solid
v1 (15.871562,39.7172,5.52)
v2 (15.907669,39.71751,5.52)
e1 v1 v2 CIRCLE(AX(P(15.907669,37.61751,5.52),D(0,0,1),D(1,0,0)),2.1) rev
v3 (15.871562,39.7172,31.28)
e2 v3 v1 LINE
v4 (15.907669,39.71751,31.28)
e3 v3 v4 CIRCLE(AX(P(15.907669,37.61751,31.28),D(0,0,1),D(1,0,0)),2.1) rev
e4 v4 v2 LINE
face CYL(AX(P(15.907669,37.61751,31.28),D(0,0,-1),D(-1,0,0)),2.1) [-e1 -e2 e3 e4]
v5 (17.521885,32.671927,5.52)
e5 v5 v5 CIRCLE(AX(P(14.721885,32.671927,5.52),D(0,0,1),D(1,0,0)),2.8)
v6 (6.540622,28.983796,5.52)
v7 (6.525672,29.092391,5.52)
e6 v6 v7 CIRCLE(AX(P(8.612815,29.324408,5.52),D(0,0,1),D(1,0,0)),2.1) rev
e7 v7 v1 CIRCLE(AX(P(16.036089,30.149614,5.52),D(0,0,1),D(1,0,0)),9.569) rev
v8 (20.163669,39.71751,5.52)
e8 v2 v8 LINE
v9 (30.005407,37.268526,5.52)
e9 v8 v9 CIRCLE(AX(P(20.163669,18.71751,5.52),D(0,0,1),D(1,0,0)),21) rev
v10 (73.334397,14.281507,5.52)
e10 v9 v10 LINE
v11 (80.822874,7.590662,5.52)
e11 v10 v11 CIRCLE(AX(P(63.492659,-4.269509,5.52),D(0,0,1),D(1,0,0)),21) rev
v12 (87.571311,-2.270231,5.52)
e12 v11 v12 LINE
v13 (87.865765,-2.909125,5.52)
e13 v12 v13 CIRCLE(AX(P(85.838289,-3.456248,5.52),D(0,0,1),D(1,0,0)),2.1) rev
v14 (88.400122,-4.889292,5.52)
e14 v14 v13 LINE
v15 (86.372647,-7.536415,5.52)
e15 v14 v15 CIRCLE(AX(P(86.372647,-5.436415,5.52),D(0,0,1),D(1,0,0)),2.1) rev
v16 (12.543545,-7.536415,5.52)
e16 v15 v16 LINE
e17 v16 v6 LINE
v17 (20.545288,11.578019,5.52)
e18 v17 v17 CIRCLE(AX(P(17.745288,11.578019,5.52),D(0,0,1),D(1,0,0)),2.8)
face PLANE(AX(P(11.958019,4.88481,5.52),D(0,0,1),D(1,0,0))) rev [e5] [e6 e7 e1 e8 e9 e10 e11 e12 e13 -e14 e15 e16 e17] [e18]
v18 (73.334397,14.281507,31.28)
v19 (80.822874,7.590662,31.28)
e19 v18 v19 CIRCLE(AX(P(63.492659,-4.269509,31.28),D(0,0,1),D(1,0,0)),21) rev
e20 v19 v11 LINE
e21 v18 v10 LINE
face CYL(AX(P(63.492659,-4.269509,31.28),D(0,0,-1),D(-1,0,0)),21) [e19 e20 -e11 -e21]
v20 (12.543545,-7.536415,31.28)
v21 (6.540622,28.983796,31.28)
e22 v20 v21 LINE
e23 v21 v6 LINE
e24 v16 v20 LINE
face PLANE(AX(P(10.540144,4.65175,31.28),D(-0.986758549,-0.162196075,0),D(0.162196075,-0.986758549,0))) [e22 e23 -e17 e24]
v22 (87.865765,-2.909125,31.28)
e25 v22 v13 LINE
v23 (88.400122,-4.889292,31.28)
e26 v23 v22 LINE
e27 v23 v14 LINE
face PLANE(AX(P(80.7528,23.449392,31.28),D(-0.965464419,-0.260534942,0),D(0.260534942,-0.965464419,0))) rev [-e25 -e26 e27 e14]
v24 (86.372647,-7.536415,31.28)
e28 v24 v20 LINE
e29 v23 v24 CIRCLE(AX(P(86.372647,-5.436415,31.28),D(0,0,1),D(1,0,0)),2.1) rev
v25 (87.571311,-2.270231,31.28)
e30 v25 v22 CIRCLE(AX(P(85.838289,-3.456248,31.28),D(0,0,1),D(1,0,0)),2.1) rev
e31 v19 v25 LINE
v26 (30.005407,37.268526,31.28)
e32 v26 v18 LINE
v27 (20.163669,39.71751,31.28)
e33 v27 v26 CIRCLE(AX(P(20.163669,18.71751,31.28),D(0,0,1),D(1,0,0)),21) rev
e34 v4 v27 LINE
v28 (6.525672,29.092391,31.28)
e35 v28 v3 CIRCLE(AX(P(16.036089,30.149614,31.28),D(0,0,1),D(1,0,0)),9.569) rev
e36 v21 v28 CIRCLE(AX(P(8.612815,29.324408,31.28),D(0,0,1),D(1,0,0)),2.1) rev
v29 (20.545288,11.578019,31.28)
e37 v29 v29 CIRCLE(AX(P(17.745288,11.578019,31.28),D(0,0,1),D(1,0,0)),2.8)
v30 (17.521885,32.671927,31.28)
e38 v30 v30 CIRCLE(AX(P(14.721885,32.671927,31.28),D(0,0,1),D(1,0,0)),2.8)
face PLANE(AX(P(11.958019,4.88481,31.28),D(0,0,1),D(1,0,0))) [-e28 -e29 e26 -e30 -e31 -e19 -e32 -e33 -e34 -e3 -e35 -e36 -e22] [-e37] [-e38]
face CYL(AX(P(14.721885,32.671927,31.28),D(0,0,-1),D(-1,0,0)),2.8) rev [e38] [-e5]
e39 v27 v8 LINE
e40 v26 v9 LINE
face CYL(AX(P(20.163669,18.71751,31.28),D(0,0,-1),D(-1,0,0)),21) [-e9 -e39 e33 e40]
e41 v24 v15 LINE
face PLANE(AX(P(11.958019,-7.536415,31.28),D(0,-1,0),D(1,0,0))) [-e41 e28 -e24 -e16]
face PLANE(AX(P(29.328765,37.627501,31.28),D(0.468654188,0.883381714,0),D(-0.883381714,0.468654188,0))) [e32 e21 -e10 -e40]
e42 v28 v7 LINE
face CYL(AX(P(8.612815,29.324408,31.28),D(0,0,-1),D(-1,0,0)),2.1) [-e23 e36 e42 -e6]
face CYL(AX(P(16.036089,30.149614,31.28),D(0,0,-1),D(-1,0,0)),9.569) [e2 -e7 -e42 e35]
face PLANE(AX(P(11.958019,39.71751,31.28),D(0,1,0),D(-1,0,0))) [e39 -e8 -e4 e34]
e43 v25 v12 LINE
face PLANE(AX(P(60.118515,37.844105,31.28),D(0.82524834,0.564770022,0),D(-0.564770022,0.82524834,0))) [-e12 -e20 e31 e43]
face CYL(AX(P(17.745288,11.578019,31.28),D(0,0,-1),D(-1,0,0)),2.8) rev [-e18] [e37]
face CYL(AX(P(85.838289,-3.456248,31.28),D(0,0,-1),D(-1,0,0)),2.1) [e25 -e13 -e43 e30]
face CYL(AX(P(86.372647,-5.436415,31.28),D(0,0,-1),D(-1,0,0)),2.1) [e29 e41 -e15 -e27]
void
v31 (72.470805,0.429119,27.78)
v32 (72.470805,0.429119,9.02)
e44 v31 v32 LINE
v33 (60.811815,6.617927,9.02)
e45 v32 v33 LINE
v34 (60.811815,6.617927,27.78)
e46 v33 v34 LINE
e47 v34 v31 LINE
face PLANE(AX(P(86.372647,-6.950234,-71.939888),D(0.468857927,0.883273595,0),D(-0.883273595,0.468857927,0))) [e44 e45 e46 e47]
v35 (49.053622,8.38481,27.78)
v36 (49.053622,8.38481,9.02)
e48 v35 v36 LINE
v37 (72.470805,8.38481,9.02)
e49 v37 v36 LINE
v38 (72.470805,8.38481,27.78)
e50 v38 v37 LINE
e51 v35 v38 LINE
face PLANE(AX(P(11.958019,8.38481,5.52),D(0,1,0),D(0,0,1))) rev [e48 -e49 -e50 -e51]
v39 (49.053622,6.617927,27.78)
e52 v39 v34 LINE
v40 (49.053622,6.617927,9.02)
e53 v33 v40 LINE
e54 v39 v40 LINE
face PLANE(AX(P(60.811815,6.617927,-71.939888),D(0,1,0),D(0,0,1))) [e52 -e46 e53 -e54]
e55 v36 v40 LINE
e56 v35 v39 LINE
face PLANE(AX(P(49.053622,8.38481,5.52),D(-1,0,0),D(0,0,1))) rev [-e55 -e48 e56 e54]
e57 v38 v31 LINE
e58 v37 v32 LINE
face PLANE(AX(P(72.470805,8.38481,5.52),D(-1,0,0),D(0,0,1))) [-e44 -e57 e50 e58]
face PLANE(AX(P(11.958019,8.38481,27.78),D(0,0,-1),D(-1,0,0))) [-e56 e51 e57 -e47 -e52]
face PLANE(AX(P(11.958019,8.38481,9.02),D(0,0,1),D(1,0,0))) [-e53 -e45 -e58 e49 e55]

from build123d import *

# Parameters (mm, degrees)
SKETCH1_R           = 4
SKETCH1_W           = 0.443674292
SKETCH1_H           = 0.606573965
SKETCH1_W_2         = 0.441272096
SKETCH1_W_3         = 0.539332563
SKETCH1_W_4         = 0.547504268
SKETCH1_W_5         = 0.686423262
SKETCH1_W_6         = 0.547504269
SKETCH1_W_7         = 0.607984695
SKETCH1_W_8         = 0.472854348
SKETCH1_W_9         = 0.501804613
SKETCH1_W_10        = 0.559705146
SKETCH1_W_11        = 0.321886919
SKETCH1_W_12        = 0.335329484
BOSS_EXTRUDE1_DEPTH = 36.8
SKETCH2_W           = 33.453118401
SKETCH2_H           = 26.8
CUT_EXTRUDE1_DEPTH  = 45
SCALE1_SCALE        = 0.7
BOSS_EXTRUDE2_DEPTH = 25.76


with BuildPart() as part:
    # Sketch1 → Boss-Extrude1 (new body)
    # profile 1 of 15: a face of its own
    with BuildSketch(Plane.XY):
        with BuildLine():
            ThreePointArc((-2.487228681, 2.47588145), (-1.643417841, 0.836304882), (0, 0))
            Line((0, 0), (42.98, -6.863043607))
            ThreePointArc((42.98, -6.863043607), (45.517837276, -6.94186018), (47.993719609, -6.378977628))
            ThreePointArc((47.993719609, -6.378977628), (70.945368499, -4.618817082), (91.44683801, -15.086199743))
            ThreePointArc((91.44683801, -15.086199743), (93.970071754, -16.788756754), (96.888617808, -17.653336321))
            Line((96.888617808, -17.653336321), (96.888617808, -17.138033163))
            Line((96.888617808, -17.138033163), (97.372163904, -17.138033163))
            Line((97.372163904, -17.138033163), (97.653484824, -17.138033163))
            Line((97.653484824, -17.138033163), (98.160101984, -17.138033163))
            Line((98.160101984, -17.138033163), (98.378364418, -17.138033163))
            Line((98.378364418, -17.138033163), (98.82203871, -17.138033163))
            Line((98.82203871, -17.138033163), (99.050846464, -17.138033163))
            Line((99.050846464, -17.138033163), (99.49211856, -17.138033163))
            Line((99.49211856, -17.138033163), (99.769956547, -17.138033163))
            Line((99.769956547, -17.138033163), (100.30928911, -17.138033163))
            Line((100.30928911, -17.138033163), (100.521753453, -17.138033163))
            Line((100.521753453, -17.138033163), (101.069257721, -17.138033163))
            Line((101.069257721, -17.138033163), (101.191833303, -17.138033163))
            Line((101.191833303, -17.138033163), (101.878256565, -17.138033163))
            Line((101.878256565, -17.138033163), (102.04986238, -17.138033163))
            Line((102.04986238, -17.138033163), (102.597366649, -17.138033163))
            Line((102.597366649, -17.138033163), (102.713161539, -17.138033163))
            Line((102.713161539, -17.138033163), (103.321146234, -17.138033163))
            Line((103.321146234, -17.138033163), (103.504651325, -17.138033163))
            Line((103.504651325, -17.138033163), (103.977505673, -17.138033163))
            Line((103.977505673, -17.138033163), (104.180157536, -17.138033163))
            Line((104.180157536, -17.138033163), (104.681962149, -17.138033163))
            Line((104.681962149, -17.138033163), (104.855663746, -17.138033163))
            Line((104.855663746, -17.138033163), (105.415368892, -17.138033163))
            Line((105.415368892, -17.138033163), (105.543243667, -17.138033163))
            Line((105.543243667, -17.138033163), (105.878573151, -17.138033163))
            Line((105.878573151, -17.138033163), (105.984724127, -17.138033163))
            Line((105.984724127, -17.138033163), (106.306611046, -17.138033163))
            Line((106.306611046, -17.138033163), (106.306611046, -17.744607128))
            ThreePointArc((106.306611046, -17.744607128), (108.688292645, -16.568776189), (109.203004303, -13.963002303))
            Line((109.203004303, -13.963002303), (108.439636924, -11.134191555))
            ThreePointArc((108.439636924, -11.134191555), (108.267803288, -10.660099415), (108.018988687, -10.221486316))
            Line((108.018988687, -10.221486316), (98.378364418, 3.865502848))
            ThreePointArc((98.378364418, 3.865502848), (93.609207326, 9.293547423), (87.68053985, 13.423853614))
            Line((87.68053985, 13.423853614), (25.781983162, 46.262452549))
            ThreePointArc((25.781983162, 46.262452549), (18.966543391, 48.873228311), (11.72235753, 49.761001134))
            Line((11.72235753, 49.761001134), (5.64235753, 49.761001134))
            ThreePointArc((5.64235753, 49.761001134), (5.616565931, 49.760890264), (5.590776238, 49.760557663))
            ThreePointArc((5.590776238, 49.760557663), (1.019670875, 48.889839007), (-2.994529703, 46.536256857))
            ThreePointArc((-2.994529703, 46.536256857), (-6.872179638, 41.155169878), (-7.760495561, 34.582258733))
            ThreePointArc((-7.760495561, 34.582258733), (-7.750828994, 34.504551611), (-7.739137581, 34.427123255))
            Line((-7.739137581, 34.427123255), (-2.487228681, 2.47588145))
        make_face()
        with Locations((8.267526818, 9.561727541)):
            Circle(SKETCH1_R, mode=Mode.SUBTRACT)
        with Locations((3.948380067, 39.69588145)):
            Circle(SKETCH1_R, mode=Mode.SUBTRACT)
    # profile 2 of 15: a face of its own
    with BuildSketch(Plane.XY):
        with BuildLine():
            Line((96.888617808, -17.138033163), (96.888617808, -17.653336321))
            ThreePointArc((96.888617808, -17.653336321), (97.130063387, -17.683196177), (97.372163904, -17.707173622))
            Line((97.372163904, -17.707173622), (97.372163904, -17.138033163))
            Line((97.372163904, -17.138033163), (96.888617808, -17.138033163))
        make_face()
    # profile 3 of 15: a face of its own
    with BuildSketch(Plane.XY):
        with BuildLine():
            Line((97.653484824, -17.138033163), (97.653484824, -17.727590841))
            ThreePointArc((97.653484824, -17.727590841), (97.906687423, -17.739163166), (98.160101984, -17.744314442))
            Line((98.160101984, -17.744314442), (98.160101984, -17.138033163))
            Line((98.160101984, -17.138033163), (97.653484824, -17.138033163))
        make_face()
    # profile 4 of 15: a face of its own
    with BuildSketch(Plane.XY):
        with Locations((98.600201564, -17.441320146)):
            Rectangle(SKETCH1_W, SKETCH1_H)
    # profile 5 of 15: a face of its own
    with BuildSketch(Plane.XY):
        with Locations((99.271482512, -17.441320146)):
            Rectangle(SKETCH1_W_2, SKETCH1_H)
    # profile 6 of 15: a face of its own
    with BuildSketch(Plane.XY):
        with Locations((100.039622829, -17.441320146)):
            Rectangle(SKETCH1_W_3, SKETCH1_H)
    # profile 7 of 15: a face of its own
    with BuildSketch(Plane.XY):
        with Locations((100.795505587, -17.441320146)):
            Rectangle(SKETCH1_W_4, SKETCH1_H)
    # profile 8 of 15: a face of its own
    with BuildSketch(Plane.XY):
        with Locations((101.535044934, -17.441320146)):
            Rectangle(SKETCH1_W_5, SKETCH1_H)
    # profile 9 of 15: a face of its own
    with BuildSketch(Plane.XY):
        with Locations((102.323614515, -17.441320146)):
            Rectangle(SKETCH1_W_6, SKETCH1_H)
    # profile 10 of 15: a face of its own
    with BuildSketch(Plane.XY):
        with Locations((103.017153887, -17.441320146)):
            Rectangle(SKETCH1_W_7, SKETCH1_H)
    # profile 11 of 15: a face of its own
    with BuildSketch(Plane.XY):
        with Locations((103.741078499, -17.441320146)):
            Rectangle(SKETCH1_W_8, SKETCH1_H)
    # profile 12 of 15: a face of its own
    with BuildSketch(Plane.XY):
        with Locations((104.431059843, -17.441320146)):
            Rectangle(SKETCH1_W_9, SKETCH1_H)
    # profile 13 of 15: a face of its own
    with BuildSketch(Plane.XY):
        with Locations((105.135516319, -17.441320146)):
            Rectangle(SKETCH1_W_10, SKETCH1_H)
    # profile 14 of 15: a face of its own
    with BuildSketch(Plane.XY):
        with Locations((106.145667586, -17.441320146)):
            Rectangle(SKETCH1_W_11, SKETCH1_H)
    # profile 15 of 15: a face of its own
    with BuildSketch(Plane.XY):
        with Locations((105.710908409, -17.441320146)):
            Rectangle(SKETCH1_W_12, SKETCH1_H)
    extrude(amount=BOSS_EXTRUDE1_DEPTH)

    # Sketch2 → Cut-Extrude1 (cut)
    with BuildSketch(Plane(origin=(0, -40, 0), x_dir=(1, 0, 0), z_dir=(0, 1, 0))):
        with Locations((69.72027881, -18.4)):
            Rectangle(SKETCH2_W, SKETCH2_H)
    extrude(amount=CUT_EXTRUDE1_DEPTH, mode=Mode.SUBTRACT)


with BuildPart() as part_1:
    # Scale1: scaled about (39.860062577, 16.282698439, 18.4)
    add(part.part.scale(SCALE1_SCALE).moved(Location((11.958018773, 4.884809532, 5.52))))

    # Sketch3 → Boss-Extrude2 (add)
    with BuildSketch(Plane.XY.offset(31.28)):
        Polygon((10.216958697, 6.617926547), (12.543544787, -7.536415458), (86.372646506, -7.536415458), (86.372646506, -6.950234368), (60.81181541, 6.617926547), align=None)
    extrude(amount=-BOSS_EXTRUDE2_DEPTH)


solid = part_1.part
